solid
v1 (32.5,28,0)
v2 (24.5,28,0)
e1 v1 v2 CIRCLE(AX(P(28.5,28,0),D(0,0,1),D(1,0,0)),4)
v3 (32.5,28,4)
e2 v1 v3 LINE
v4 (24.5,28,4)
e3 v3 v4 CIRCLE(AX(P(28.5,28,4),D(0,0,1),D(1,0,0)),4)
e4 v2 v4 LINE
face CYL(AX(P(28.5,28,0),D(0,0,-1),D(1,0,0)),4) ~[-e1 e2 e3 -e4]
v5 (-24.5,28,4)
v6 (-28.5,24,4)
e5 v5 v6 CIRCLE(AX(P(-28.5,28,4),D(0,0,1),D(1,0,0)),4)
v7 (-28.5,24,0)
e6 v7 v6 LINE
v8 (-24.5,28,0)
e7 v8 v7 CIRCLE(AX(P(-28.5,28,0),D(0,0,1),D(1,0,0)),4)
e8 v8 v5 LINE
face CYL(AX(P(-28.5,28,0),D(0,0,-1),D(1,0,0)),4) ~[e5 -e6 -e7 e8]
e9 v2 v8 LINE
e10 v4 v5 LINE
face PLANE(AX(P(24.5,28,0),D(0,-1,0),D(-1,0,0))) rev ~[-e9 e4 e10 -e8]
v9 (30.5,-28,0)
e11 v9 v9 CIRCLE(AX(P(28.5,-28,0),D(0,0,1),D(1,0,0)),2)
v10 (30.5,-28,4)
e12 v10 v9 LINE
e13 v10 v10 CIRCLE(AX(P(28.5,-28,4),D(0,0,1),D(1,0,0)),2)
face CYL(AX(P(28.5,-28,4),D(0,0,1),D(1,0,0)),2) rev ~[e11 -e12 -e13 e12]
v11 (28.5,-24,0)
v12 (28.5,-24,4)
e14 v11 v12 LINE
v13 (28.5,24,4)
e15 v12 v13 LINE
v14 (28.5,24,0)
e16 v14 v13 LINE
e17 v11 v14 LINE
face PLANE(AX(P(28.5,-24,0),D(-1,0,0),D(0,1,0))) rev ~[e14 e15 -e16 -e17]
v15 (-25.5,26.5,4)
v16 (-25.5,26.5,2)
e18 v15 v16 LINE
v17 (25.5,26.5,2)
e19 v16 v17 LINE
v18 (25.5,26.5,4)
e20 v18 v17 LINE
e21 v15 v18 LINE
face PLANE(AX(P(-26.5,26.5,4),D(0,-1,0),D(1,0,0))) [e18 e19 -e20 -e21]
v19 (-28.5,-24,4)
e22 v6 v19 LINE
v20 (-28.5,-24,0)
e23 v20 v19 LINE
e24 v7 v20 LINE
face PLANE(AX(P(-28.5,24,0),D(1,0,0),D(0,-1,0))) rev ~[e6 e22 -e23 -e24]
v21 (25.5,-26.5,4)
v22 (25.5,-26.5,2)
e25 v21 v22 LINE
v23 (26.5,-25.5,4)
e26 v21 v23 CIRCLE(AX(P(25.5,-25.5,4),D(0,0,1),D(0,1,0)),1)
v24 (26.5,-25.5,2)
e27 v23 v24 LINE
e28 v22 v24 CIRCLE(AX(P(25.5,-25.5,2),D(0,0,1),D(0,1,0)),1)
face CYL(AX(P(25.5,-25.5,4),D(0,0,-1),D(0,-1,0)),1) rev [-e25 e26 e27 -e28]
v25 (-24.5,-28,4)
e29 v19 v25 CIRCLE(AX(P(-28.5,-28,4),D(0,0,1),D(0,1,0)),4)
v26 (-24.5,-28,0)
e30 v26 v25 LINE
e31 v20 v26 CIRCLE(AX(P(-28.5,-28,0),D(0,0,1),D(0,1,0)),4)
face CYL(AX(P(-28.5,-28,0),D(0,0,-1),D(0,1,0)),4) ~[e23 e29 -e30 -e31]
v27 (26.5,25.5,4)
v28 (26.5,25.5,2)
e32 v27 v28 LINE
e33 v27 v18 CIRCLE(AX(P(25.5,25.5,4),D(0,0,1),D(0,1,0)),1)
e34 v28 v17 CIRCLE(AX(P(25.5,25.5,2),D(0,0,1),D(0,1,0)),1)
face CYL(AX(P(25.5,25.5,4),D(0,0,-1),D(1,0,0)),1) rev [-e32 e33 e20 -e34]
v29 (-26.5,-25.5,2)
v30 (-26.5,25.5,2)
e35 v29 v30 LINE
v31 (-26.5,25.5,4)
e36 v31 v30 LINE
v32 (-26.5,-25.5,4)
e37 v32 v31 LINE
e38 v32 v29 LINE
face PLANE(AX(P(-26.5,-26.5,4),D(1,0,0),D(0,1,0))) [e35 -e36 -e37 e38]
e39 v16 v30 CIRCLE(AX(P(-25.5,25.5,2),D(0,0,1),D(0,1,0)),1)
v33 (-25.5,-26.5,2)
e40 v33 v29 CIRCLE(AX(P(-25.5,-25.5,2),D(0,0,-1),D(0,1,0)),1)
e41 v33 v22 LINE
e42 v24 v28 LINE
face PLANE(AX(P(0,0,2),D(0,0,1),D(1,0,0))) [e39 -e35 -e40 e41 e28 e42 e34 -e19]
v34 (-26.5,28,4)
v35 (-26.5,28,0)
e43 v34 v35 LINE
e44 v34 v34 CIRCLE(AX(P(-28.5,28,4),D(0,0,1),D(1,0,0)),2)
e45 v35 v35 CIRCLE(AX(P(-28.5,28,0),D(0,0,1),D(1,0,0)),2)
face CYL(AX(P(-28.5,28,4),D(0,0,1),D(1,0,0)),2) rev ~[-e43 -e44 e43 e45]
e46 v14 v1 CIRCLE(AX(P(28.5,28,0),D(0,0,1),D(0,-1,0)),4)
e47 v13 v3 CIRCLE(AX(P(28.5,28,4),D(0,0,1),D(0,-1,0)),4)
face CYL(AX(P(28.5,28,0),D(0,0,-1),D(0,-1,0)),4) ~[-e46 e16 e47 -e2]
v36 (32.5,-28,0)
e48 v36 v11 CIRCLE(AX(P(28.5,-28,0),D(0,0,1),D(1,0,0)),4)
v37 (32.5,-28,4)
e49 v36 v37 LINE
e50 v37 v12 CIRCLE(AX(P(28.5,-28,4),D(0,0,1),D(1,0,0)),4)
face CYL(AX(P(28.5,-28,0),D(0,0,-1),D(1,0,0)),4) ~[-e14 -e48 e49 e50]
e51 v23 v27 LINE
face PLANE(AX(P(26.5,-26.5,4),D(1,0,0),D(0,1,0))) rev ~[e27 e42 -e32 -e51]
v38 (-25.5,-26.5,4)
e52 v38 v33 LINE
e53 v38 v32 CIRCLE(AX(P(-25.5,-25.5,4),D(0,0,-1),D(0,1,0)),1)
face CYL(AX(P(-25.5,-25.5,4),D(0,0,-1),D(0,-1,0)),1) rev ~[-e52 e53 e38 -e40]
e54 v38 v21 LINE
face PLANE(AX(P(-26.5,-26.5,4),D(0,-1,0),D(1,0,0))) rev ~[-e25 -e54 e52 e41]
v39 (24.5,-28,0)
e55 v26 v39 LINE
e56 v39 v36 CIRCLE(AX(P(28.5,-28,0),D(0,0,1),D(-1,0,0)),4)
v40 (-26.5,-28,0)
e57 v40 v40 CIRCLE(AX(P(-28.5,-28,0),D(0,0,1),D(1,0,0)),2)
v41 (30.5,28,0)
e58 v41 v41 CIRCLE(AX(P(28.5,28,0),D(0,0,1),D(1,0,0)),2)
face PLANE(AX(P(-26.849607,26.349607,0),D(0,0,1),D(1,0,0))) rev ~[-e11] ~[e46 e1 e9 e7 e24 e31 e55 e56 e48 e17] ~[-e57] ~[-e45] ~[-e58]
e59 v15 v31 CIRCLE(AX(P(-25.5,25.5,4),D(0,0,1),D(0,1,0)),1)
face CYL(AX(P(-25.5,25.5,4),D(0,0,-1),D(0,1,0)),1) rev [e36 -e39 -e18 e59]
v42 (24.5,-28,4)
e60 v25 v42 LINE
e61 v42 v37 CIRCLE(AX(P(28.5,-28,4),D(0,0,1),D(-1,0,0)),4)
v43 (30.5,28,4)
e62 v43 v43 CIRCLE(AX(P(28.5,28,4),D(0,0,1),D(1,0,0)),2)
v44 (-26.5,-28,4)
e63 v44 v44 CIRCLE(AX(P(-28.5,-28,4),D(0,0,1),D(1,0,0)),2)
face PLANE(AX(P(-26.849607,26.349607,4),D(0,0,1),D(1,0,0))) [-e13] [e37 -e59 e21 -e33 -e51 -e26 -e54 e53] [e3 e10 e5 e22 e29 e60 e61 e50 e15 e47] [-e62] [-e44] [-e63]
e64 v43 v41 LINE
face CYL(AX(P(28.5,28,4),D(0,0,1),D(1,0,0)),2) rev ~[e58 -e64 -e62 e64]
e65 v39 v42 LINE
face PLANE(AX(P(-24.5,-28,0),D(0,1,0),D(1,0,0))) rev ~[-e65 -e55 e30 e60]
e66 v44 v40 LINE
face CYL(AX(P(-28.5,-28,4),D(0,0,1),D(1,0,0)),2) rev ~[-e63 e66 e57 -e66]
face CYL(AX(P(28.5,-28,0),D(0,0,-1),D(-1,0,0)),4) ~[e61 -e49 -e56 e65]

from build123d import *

# Parameters (mm, degrees)
F1_DEPTH = 4
F2_R     = 2
F3_DEPTH = 4
F4_W     = 53
F4_H     = 53
F5_DEPTH = 2
F6_R     = 1


with BuildPart() as f1:
    # F0 (on Top) → F1 (new body)
    with BuildSketch(Plane.XY):
        with BuildLine():
            ThreePointArc((-28.5, 24), (-25.6715728753, 25.1715728753), (-24.5, 28))
            Line((-24.5, 28), (-28.5, 28))
            Line((-28.5, 28), (-28.5, 24))
        make_face()
        with BuildLine():
            Line((-28.5, 28), (-24.5, 28))
            ThreePointArc((-24.5, 28), (-31.3284271247, 30.8284271247), (-28.5, 24))
            Line((-28.5, 24), (-28.5, 28))
        make_face()
        with BuildLine():
            Line((24.5, 28), (-24.5, 28))
            ThreePointArc((-24.5, 28), (-25.6715728753, 25.1715728753), (-28.5, 24))
            Line((-28.5, 24), (-28.5, -24))
            ThreePointArc((-28.5, -24), (-25.6715728753, -25.1715728753), (-24.5, -28))
            Line((-24.5, -28), (24.5, -28))
            ThreePointArc((24.5, -28), (25.6715728753, -25.1715728753), (28.5, -24))
            Line((28.5, -24), (28.5, 24))
            ThreePointArc((28.5, 24), (25.6715728753, 25.1715728753), (24.5, 28))
        make_face()
        with BuildLine():
            ThreePointArc((32.5, 28), (28.5, 32), (24.5, 28))
            Line((24.5, 28), (28.5, 28))
            Line((28.5, 28), (28.5, 24))
            ThreePointArc((28.5, 24), (31.3284271247, 25.1715728753), (32.5, 28))
        make_face()
        with BuildLine():
            Line((28.5, 28), (24.5, 28))
            ThreePointArc((24.5, 28), (25.6715728753, 25.1715728753), (28.5, 24))
            Line((28.5, 24), (28.5, 28))
        make_face()
        with BuildLine():
            ThreePointArc((-24.5, -28), (-25.6715728753, -25.1715728753), (-28.5, -24))
            Line((-28.5, -24), (-28.5, -28))
            Line((-28.5, -28), (-24.5, -28))
        make_face()
        with BuildLine():
            Line((-28.5, -28), (-28.5, -24))
            ThreePointArc((-28.5, -24), (-31.3284271247, -30.8284271247), (-24.5, -28))
            Line((-24.5, -28), (-28.5, -28))
        make_face()
        with BuildLine():
            ThreePointArc((32.5, -28), (31.3284271247, -25.1715728753), (28.5, -24))
            Line((28.5, -24), (28.5, -28))
            Line((28.5, -28), (24.5, -28))
            ThreePointArc((24.5, -28), (28.5, -32), (32.5, -28))
        make_face()
        with BuildLine():
            Line((28.5, -28), (28.5, -24))
            ThreePointArc((28.5, -24), (25.6715728753, -25.1715728753), (24.5, -28))
            Line((24.5, -28), (28.5, -28))
        make_face()
    extrude(amount=F1_DEPTH)

    # F2 (on face) → F3 (cut, through all)
    with BuildSketch(Plane.XY.offset(4)):
        with Locations((-28.5, 28)):
            Circle(F2_R)
        with Locations((28.5, 28)):
            Circle(F2_R)
        with Locations((28.5, -28)):
            Circle(F2_R)
        with Locations((-28.5, -28)):
            Circle(F2_R)
    extrude(amount=-F3_DEPTH, mode=Mode.SUBTRACT)

    # F4 (on face) → F5 (cut)
    with BuildSketch(Plane.XY.offset(4)):
        Rectangle(F4_W, F4_H)
    extrude(amount=-F5_DEPTH, mode=Mode.SUBTRACT)

    # F6
    f6_edges = [f1.edges().sort_by_distance(p)[0] for p in [
        (-26.5, 26.5, 3),
        (26.5, 26.5, 3),
        (26.5, -26.5, 3),
        (-26.5, -26.5, 3),
    ]]
    fillet(f6_edges, radius=F6_R)


solid = f1.part
